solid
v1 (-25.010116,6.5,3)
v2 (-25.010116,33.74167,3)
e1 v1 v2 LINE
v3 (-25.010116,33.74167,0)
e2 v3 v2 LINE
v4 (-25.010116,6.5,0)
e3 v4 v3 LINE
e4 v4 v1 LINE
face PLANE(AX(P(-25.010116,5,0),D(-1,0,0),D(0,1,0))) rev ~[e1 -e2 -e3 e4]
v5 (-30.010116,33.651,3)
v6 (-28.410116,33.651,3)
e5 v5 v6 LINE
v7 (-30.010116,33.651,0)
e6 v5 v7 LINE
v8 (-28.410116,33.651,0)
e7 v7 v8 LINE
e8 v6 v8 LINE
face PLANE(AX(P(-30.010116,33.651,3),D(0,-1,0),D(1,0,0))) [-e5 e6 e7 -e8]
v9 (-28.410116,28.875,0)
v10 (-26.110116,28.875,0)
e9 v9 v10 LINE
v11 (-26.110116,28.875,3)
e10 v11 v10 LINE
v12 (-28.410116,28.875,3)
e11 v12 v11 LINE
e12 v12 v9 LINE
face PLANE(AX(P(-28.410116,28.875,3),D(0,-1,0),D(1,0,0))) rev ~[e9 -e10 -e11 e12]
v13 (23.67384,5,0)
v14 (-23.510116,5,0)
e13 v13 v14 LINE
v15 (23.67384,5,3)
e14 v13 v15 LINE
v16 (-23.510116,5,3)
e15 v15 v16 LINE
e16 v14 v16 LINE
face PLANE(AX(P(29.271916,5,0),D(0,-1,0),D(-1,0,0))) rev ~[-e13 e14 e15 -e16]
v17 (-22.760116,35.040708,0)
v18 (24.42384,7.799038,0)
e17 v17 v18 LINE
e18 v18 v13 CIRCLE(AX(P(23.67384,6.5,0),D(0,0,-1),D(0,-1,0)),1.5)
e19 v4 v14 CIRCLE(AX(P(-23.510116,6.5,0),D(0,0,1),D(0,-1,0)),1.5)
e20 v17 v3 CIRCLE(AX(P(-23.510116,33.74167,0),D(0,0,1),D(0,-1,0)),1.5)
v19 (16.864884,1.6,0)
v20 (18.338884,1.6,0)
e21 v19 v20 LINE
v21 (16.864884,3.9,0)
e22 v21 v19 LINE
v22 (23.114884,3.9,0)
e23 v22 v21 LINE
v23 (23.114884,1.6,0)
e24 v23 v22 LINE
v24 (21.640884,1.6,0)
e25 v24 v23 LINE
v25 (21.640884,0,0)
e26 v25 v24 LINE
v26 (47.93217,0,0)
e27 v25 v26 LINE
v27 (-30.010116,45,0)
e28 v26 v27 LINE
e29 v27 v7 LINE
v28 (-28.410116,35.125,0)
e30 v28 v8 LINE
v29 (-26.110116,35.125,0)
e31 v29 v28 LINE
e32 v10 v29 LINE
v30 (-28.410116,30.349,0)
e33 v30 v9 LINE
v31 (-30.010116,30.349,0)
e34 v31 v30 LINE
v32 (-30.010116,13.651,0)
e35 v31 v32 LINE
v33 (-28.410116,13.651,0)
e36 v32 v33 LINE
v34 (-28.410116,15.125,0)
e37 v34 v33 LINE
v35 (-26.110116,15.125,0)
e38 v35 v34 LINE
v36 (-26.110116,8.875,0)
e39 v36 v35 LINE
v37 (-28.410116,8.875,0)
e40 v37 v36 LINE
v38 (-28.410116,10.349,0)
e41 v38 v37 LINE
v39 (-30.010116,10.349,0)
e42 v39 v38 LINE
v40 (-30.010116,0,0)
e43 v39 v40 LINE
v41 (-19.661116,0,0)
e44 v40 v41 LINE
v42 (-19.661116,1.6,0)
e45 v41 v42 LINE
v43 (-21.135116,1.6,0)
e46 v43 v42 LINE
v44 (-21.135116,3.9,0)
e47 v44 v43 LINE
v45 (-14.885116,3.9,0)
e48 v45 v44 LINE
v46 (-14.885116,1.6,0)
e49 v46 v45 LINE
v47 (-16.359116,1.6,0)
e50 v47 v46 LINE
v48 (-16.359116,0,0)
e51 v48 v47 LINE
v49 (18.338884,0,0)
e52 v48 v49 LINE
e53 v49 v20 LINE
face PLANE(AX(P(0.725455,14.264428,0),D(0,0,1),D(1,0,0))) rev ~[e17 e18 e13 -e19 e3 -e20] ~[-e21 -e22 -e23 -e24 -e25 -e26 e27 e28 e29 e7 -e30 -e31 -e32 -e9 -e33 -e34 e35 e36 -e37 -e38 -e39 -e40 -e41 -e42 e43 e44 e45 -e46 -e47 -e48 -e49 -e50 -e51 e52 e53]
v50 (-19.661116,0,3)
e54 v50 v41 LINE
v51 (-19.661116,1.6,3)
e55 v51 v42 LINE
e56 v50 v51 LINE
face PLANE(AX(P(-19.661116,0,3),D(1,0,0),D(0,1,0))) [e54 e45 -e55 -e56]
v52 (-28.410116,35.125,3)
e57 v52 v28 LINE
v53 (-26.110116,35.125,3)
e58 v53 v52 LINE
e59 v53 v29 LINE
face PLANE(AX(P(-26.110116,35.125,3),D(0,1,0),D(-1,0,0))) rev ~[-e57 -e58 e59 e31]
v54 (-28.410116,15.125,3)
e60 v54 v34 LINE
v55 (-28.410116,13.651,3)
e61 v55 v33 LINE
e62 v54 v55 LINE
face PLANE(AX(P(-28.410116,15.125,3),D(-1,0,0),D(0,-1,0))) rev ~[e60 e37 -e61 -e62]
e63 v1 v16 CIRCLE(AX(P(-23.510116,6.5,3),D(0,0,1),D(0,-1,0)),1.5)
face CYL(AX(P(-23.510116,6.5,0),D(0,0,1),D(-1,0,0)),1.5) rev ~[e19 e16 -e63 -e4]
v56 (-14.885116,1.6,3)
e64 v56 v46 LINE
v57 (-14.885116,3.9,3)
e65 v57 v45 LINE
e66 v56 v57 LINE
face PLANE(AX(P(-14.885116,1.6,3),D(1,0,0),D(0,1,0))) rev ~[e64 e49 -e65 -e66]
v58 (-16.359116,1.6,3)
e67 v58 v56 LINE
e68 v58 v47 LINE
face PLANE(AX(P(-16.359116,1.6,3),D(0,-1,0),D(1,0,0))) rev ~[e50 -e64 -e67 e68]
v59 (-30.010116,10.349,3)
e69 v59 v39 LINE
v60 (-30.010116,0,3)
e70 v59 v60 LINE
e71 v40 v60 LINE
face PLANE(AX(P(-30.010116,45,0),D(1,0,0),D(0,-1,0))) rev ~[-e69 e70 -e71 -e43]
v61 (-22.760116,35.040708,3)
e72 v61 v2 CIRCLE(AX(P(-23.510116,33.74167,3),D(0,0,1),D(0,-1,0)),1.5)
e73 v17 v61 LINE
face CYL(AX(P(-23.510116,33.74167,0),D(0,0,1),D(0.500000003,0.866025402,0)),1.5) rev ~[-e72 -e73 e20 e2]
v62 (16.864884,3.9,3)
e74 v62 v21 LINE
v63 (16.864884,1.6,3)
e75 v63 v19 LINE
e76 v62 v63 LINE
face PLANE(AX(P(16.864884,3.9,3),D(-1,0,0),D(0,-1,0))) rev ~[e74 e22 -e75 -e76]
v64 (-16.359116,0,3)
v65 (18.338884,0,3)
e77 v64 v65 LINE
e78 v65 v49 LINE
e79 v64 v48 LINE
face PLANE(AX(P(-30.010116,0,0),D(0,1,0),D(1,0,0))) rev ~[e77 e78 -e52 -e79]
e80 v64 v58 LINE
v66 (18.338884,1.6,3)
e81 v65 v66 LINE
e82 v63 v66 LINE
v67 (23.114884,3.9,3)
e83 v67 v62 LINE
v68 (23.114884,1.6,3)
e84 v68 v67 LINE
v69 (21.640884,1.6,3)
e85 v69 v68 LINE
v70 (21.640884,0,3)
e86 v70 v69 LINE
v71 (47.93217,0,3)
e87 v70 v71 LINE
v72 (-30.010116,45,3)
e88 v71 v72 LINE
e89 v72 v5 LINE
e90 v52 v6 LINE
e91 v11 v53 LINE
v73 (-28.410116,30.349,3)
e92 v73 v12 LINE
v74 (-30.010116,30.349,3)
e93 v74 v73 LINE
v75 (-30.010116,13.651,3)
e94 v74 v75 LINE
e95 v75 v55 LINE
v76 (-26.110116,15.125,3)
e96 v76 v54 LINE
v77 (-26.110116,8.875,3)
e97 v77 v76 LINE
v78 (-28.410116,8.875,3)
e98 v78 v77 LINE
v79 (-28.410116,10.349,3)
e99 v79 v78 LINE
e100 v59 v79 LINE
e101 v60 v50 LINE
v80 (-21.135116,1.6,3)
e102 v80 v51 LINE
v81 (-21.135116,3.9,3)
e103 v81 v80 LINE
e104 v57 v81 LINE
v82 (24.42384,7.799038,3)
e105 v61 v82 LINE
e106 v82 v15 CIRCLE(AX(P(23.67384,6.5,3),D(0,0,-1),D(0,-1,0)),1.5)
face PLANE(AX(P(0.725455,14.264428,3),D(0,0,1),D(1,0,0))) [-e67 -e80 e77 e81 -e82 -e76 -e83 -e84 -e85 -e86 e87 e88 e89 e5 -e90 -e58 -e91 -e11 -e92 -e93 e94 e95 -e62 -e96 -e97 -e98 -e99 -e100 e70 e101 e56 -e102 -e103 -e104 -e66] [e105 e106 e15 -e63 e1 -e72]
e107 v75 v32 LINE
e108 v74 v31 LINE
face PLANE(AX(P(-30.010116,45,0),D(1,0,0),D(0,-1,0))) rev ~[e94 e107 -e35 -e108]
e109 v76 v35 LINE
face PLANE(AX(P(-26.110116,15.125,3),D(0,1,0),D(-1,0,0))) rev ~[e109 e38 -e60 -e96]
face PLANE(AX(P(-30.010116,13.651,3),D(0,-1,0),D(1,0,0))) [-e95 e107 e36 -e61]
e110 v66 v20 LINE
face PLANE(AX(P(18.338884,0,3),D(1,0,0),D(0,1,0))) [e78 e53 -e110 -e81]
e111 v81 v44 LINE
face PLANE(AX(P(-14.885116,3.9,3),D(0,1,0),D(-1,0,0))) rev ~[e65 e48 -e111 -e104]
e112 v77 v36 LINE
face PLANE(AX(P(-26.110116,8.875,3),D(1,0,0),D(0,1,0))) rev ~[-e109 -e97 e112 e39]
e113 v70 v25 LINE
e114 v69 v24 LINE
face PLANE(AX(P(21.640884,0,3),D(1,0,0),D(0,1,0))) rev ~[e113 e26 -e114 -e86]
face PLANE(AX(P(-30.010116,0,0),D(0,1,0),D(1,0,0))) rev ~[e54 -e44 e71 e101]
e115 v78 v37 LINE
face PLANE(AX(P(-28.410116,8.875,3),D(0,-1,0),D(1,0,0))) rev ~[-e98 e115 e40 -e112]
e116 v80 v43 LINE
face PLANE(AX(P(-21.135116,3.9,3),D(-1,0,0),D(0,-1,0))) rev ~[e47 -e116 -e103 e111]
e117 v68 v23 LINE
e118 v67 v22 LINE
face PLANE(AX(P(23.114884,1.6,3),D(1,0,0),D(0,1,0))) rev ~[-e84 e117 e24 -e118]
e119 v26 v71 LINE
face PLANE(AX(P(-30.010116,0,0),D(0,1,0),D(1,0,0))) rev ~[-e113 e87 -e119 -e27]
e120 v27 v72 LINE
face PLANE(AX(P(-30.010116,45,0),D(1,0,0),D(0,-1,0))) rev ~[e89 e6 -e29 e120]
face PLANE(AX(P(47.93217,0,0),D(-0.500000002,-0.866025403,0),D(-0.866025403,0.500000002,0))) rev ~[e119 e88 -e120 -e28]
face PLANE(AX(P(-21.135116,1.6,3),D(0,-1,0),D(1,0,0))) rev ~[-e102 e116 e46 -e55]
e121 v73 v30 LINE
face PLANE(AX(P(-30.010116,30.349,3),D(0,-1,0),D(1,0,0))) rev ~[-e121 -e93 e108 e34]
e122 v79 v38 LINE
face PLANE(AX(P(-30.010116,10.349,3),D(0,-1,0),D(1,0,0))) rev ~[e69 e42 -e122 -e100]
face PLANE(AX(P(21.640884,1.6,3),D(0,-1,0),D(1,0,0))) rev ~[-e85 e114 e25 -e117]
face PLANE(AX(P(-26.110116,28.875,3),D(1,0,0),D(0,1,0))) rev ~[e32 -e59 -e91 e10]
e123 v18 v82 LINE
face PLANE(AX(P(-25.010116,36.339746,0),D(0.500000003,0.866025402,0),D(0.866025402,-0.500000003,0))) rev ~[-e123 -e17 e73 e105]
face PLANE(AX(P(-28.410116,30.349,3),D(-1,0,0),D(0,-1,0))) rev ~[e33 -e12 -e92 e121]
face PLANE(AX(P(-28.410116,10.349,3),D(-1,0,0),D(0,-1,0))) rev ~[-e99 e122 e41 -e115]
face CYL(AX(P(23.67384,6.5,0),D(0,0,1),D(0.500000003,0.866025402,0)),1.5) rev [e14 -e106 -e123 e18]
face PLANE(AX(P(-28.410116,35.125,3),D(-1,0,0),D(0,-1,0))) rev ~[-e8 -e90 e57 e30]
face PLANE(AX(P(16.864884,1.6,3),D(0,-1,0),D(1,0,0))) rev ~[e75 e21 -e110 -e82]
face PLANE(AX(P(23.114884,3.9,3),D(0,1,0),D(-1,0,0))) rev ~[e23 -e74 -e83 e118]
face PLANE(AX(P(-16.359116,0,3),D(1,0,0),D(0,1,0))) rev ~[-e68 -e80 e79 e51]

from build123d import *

# Parameters (mm, degrees)
F1_DEPTH = 3
F2_R     = 1.5
F3_W     = 3.302
F3_H     = 1.6
F3_W_2   = 1.6
F3_H_2   = 3.302
F4_DEPTH = 3.001


with BuildPart() as f1:
    # F0 (on Top) → F1 (new body)
    with BuildSketch(Plane.XY):
        Polygon((-30.010116, 45), (-30.010116, 0), (47.93217, 0), align=None)
        Polygon((29.271916, 5), (-25.010116, 5), (-25.010116, 36.339746), align=None, mode=Mode.SUBTRACT)
    extrude(amount=F1_DEPTH)

    # F2
    f2_edges = [f1.edges().sort_by_distance(p)[0] for p in [
        (-25.010116, 36.339746, 1.5),
        (29.271916, 5, 1.5),
        (-25.010116, 5, 1.5),
    ]]
    fillet(f2_edges, radius=F2_R)

    # F3 (on face) → F4 (cut, through all)
    with BuildSketch(Plane.XY.offset(3)):
        Polygon((-28.410116, 35.125), (-28.410116, 33.651), (-28.410116, 30.349), (-28.410116, 28.875), (-26.110116, 28.875), (-26.110116, 35.125), align=None)
        Polygon((-28.410116, 13.651), (-28.410116, 10.349), (-28.410116, 8.875), (-26.110116, 8.875), (-26.110116, 15.125), (-28.410116, 15.125), align=None)
        Polygon((-19.661116, 1.6), (-16.359116, 1.6), (-14.885116, 1.6), (-14.885116, 3.9), (-21.135116, 3.9), (-21.135116, 1.6), align=None)
        Polygon((21.640884, 1.6), (23.114884, 1.6), (23.114884, 3.9), (16.864884, 3.9), (16.864884, 1.6), (18.338884, 1.6), align=None)
        with Locations((19.989884, 0.8)):
            Rectangle(F3_W, F3_H)
        with Locations((-29.210116, 32)):
            Rectangle(F3_W_2, F3_H_2)
        with Locations((-18.010116, 0.8)):
            Rectangle(F3_W, F3_H)
        with Locations((-29.210116, 12)):
            Rectangle(F3_W_2, F3_H_2)
    extrude(amount=-F4_DEPTH, mode=Mode.SUBTRACT)


solid = f1.part
